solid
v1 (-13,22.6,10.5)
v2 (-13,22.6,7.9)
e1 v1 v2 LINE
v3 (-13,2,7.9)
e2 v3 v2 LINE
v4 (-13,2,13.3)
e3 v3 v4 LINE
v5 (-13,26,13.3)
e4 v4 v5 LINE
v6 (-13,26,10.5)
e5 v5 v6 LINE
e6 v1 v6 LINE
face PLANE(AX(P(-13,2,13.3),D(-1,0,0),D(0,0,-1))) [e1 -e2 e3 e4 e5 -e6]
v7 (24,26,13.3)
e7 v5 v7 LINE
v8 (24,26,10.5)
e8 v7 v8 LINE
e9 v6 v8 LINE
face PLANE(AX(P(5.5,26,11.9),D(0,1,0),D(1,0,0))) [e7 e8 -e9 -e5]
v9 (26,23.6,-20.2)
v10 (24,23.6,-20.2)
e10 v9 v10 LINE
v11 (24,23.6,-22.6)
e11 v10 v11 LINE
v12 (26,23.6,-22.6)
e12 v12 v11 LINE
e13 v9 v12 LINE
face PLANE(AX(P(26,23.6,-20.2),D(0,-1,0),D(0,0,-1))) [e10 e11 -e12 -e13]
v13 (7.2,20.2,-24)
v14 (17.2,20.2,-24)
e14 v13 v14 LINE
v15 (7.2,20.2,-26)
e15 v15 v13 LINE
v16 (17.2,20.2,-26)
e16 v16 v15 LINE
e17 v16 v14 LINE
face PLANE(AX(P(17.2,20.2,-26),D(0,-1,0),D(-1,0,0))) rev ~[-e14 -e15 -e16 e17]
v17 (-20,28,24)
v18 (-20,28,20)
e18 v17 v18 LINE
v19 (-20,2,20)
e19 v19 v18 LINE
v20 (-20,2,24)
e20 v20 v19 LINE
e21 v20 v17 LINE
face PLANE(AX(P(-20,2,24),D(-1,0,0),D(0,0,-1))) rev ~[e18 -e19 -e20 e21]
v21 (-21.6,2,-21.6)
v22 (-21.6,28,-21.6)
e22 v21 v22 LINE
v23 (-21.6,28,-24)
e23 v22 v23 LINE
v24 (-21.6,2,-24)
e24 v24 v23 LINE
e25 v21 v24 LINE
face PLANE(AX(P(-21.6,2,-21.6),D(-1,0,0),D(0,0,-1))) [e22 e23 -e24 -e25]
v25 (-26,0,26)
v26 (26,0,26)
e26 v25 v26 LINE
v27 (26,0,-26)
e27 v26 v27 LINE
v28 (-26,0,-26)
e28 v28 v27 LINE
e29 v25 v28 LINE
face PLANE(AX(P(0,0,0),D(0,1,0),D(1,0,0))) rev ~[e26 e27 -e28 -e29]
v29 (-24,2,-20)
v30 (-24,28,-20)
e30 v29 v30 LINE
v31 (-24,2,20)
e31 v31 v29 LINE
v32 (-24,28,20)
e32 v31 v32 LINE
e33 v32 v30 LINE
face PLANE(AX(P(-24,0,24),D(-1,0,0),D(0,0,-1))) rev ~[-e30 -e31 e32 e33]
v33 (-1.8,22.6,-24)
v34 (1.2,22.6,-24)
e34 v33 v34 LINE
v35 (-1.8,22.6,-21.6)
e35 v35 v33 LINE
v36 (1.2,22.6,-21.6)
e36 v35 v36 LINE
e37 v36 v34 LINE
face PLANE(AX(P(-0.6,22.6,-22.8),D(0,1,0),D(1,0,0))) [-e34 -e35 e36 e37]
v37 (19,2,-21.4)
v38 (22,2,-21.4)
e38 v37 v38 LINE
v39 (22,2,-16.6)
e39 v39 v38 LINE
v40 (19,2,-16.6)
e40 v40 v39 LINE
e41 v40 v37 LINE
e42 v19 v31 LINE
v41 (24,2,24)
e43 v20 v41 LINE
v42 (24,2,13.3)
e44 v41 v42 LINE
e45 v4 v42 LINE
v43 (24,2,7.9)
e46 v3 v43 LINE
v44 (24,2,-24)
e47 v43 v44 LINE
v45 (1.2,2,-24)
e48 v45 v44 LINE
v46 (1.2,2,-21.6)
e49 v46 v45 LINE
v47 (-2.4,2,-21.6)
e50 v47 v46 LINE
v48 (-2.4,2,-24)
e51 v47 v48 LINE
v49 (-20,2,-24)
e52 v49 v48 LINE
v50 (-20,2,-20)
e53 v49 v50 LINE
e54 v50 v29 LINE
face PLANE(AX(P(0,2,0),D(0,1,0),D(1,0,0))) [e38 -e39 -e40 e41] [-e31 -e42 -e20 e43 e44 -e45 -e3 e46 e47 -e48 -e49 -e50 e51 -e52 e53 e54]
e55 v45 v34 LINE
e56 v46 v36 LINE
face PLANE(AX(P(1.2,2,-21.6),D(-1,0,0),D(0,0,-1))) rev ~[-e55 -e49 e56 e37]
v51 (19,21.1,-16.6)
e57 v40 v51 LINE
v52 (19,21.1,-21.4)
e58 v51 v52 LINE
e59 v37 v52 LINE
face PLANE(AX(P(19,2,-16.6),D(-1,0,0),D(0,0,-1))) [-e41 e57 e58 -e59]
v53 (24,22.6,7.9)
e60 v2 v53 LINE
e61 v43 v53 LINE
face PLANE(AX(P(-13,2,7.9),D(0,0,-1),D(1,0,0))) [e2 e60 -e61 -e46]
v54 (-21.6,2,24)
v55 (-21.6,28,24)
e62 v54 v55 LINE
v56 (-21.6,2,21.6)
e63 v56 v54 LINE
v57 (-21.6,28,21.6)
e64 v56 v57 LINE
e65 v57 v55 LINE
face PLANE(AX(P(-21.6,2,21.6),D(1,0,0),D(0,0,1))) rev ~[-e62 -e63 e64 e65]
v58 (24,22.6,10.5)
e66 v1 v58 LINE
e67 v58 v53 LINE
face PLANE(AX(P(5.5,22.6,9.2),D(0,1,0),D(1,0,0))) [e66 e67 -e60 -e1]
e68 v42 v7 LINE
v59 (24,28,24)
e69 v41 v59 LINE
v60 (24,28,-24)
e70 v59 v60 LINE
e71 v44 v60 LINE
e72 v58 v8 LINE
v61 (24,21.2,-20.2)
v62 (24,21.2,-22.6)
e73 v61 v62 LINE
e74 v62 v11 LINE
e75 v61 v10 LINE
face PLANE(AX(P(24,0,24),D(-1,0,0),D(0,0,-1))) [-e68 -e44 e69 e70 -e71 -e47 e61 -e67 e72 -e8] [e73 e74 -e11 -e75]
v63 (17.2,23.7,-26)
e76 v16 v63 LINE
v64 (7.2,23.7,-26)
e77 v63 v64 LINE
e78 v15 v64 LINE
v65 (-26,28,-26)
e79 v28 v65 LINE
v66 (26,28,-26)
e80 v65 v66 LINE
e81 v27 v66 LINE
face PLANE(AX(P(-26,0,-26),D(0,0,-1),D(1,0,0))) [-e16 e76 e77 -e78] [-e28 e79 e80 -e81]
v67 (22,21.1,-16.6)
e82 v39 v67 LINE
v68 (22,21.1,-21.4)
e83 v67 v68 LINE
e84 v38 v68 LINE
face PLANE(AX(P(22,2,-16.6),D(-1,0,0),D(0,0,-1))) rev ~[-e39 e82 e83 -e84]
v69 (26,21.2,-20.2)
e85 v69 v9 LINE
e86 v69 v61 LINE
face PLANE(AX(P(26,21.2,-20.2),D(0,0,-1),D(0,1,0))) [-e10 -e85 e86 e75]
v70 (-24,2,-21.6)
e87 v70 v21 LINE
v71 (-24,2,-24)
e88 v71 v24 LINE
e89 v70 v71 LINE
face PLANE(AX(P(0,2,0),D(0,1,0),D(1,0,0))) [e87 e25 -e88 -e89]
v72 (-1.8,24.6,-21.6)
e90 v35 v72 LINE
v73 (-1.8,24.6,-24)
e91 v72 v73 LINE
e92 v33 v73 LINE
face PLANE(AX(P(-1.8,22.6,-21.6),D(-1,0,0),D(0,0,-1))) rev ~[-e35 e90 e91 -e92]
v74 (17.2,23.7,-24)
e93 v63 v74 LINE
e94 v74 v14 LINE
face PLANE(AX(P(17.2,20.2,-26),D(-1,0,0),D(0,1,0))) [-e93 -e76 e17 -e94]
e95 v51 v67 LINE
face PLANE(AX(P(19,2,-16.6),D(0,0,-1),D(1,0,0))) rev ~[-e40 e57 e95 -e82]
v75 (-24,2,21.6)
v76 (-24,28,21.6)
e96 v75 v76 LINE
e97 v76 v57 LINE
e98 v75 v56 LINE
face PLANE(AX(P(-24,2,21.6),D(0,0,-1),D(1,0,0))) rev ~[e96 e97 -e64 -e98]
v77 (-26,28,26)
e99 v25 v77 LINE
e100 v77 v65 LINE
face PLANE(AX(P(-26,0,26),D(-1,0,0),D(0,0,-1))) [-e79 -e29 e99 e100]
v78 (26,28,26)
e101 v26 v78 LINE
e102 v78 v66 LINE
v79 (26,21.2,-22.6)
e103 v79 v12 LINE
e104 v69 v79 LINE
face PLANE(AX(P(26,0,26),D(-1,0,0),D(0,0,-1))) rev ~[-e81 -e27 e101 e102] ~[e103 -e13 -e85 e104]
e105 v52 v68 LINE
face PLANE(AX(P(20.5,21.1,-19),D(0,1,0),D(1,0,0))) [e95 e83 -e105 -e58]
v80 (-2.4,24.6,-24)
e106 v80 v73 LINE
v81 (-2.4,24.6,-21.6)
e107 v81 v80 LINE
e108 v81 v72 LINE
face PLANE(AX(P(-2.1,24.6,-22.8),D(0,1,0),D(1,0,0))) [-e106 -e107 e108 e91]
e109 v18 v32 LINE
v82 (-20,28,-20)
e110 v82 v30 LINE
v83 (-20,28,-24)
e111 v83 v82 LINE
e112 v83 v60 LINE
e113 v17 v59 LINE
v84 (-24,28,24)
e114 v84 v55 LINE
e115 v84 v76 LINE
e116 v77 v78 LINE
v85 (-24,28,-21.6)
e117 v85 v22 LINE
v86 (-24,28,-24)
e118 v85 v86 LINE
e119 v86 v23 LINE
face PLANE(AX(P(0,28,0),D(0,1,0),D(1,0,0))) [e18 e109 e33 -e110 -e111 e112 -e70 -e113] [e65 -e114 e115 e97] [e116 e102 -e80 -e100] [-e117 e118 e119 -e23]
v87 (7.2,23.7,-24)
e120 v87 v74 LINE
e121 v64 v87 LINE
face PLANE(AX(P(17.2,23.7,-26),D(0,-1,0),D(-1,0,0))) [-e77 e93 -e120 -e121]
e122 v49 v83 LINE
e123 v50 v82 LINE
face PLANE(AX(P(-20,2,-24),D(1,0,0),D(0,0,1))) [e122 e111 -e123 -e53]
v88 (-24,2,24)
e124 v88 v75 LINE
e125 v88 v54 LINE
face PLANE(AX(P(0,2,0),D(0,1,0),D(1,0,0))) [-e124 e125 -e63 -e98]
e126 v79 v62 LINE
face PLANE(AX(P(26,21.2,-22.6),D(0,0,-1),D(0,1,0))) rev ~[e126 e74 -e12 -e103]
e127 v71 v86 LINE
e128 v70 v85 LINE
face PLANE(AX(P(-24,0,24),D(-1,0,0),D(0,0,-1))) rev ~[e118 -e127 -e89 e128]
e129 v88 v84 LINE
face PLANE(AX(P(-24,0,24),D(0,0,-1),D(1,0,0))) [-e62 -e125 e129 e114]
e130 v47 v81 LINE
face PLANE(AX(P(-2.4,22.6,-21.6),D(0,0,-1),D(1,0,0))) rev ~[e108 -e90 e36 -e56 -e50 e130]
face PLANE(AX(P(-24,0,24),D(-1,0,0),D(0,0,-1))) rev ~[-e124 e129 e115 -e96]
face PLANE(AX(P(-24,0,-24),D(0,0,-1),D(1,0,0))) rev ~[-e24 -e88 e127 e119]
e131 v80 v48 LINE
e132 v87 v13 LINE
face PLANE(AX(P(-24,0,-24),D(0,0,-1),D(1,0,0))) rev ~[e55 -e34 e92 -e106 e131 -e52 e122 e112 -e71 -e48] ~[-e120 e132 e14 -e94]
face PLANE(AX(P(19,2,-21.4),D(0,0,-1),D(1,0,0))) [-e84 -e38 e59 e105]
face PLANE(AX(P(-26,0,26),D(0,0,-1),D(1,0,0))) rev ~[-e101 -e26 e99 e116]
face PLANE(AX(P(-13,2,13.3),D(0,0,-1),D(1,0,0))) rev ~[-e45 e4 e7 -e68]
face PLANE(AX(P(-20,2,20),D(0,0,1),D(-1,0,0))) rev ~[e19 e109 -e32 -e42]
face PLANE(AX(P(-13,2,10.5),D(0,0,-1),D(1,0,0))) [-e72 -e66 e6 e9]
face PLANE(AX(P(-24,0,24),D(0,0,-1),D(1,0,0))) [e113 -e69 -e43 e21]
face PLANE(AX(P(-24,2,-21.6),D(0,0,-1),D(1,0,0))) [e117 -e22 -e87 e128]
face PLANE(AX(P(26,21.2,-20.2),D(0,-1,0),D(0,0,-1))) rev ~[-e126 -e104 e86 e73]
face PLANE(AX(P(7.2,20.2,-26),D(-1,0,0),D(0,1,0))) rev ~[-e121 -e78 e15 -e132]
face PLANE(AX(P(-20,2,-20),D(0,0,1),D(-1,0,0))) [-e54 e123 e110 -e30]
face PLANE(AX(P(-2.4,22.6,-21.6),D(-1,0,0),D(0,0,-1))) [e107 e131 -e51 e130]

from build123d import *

# Parameters (mm, degrees)
SKIZZE1_W                         = 48
SKIZZE1_H                         = 48
AUFSATZ_LINEAR_AUSTRAGEN1_DEPTH   = 2
LINEAR_AUSTRAGEN_D_NN1_DEPTH      = 26
LINEAR_AUSTRAGEN_D_NN1_DEPTH_BACK = 2
SKIZZE2_W                         = 52
SKIZZE2_H                         = 52
SKIZZE2_W_2                       = 48
SKIZZE2_H_2                       = 48
SCHNITT_LINEAR_AUSTRAGEN1_REACH   = 66.529
SKIZZE4_W                         = 10
SKIZZE4_H                         = 3.5
SCHNITT_LINEAR_AUSTRAGEN2_REACH   = 66.529
SKIZZE5_W                         = 2.4
SKIZZE5_H                         = 2.4
SKIZZE6_W                         = 3
SKIZZE6_H                         = 4.8
AUFSATZ_LINEAR_AUSTRAGEN2_DEPTH   = 19.1
SKIZZE7_W                         = 3.6
SKIZZE7_H                         = 2.4
AUFSATZ_LINEAR_AUSTRAGEN3_DEPTH   = 20.6
SKIZZE8_W                         = 0.6
SKIZZE8_H                         = 2.4
AUFSATZ_LINEAR_AUSTRAGEN4_DEPTH   = 2
SKIZZE9_W                         = 37
SKIZZE9_H                         = 2.6
AUFSATZ_LINEAR_AUSTRAGEN5_DEPTH   = 20.6
AUFSATZ_LINEAR_AUSTRAGEN6_DEPTH   = 26
SKIZZE11_W                        = 37
SKIZZE11_H                        = 2.8
AUFSATZ_LINEAR_AUSTRAGEN7_DEPTH   = 24


with BuildPart() as part:
    # Skizze1 → Aufsatz-Linear austragen1 (new body)
    with BuildSketch(Plane(origin=(0, 0, 0), x_dir=(1, 0, 0), z_dir=(0, 1, 0))):
        Rectangle(SKIZZE1_W, SKIZZE1_H)
    extrude(amount=AUFSATZ_LINEAR_AUSTRAGEN1_DEPTH)

    # Skizze2 → Linear-Austragen-Dünn1 (add, two sides: drawn at the far end of the back side and taken through both)
    with BuildSketch(Plane(origin=(0, 2, 0), x_dir=(1, 0, 0), z_dir=(0, 1, 0)).offset(-LINEAR_AUSTRAGEN_D_NN1_DEPTH_BACK)):
        Rectangle(SKIZZE2_W, SKIZZE2_H)
        Rectangle(SKIZZE2_W_2, SKIZZE2_H_2, mode=Mode.SUBTRACT)
    extrude(amount=LINEAR_AUSTRAGEN_D_NN1_DEPTH + LINEAR_AUSTRAGEN_D_NN1_DEPTH_BACK)

    # Skizze4 → Schnitt-Linear austragen1 (cut, up to next)
    with BuildSketch(Plane(origin=(0, 0, -26), x_dir=(-1, 0, 0), z_dir=(0, 0, -1)), mode=Mode.PRIVATE) as schnitt_linear_austragen1_sk1:
        with Locations((-12.2, 21.95)):
            Rectangle(SKIZZE4_W, SKIZZE4_H)
    schnitt_linear_austragen1_tool1 = extrude(schnitt_linear_austragen1_sk1.sketch, amount=-SCHNITT_LINEAR_AUSTRAGEN1_REACH, mode=Mode.PRIVATE) & part.part
    add(schnitt_linear_austragen1_tool1.solids().sort_by_distance((12.2, 21.95, -26))[0], mode=Mode.SUBTRACT)

    # Skizze5 → Schnitt-Linear austragen2 (cut, up to next)
    with BuildSketch(Plane(origin=(26, 0, 0), x_dir=(0, 0, -1), z_dir=(1, 0, 0)), mode=Mode.PRIVATE) as schnitt_linear_austragen2_sk1:
        with Locations((21.4, 22.4)):
            Rectangle(SKIZZE5_W, SKIZZE5_H)
    schnitt_linear_austragen2_tool1 = extrude(schnitt_linear_austragen2_sk1.sketch, amount=-SCHNITT_LINEAR_AUSTRAGEN2_REACH, mode=Mode.PRIVATE) & part.part
    add(schnitt_linear_austragen2_tool1.solids().sort_by_distance((26, 22.4, -21.4))[0], mode=Mode.SUBTRACT)

    # Skizze6 → Aufsatz-Linear austragen2 (add)
    with BuildSketch(Plane(origin=(0, 2, 0), x_dir=(1, 0, 0), z_dir=(0, 1, 0))):
        with Locations((20.5, 19)):
            Rectangle(SKIZZE6_W, SKIZZE6_H)
    extrude(amount=AUFSATZ_LINEAR_AUSTRAGEN2_DEPTH)

    # Skizze7 → Aufsatz-Linear austragen3 (add)
    with BuildSketch(Plane(origin=(0, 2, 0), x_dir=(1, 0, 0), z_dir=(0, 1, 0))):
        with Locations((-0.6, 22.8)):
            Rectangle(SKIZZE7_W, SKIZZE7_H)
    extrude(amount=AUFSATZ_LINEAR_AUSTRAGEN3_DEPTH)

    # Skizze8 → Aufsatz-Linear austragen4 (add)
    with BuildSketch(Plane(origin=(0, 22.6, 0), x_dir=(1, 0, 0), z_dir=(0, 1, 0))):
        with Locations((-2.1, 22.8)):
            Rectangle(SKIZZE8_W, SKIZZE8_H)
    extrude(amount=AUFSATZ_LINEAR_AUSTRAGEN4_DEPTH)

    # Skizze9 → Aufsatz-Linear austragen5 (add)
    with BuildSketch(Plane(origin=(0, 2, 0), x_dir=(1, 0, 0), z_dir=(0, 1, 0))):
        with Locations((5.5, -9.2)):
            Rectangle(SKIZZE9_W, SKIZZE9_H)
    extrude(amount=AUFSATZ_LINEAR_AUSTRAGEN5_DEPTH)

    # Skizze10 → Aufsatz-Linear austragen6 (add)
    with BuildSketch(Plane(origin=(0, 2, 0), x_dir=(1, 0, 0), z_dir=(0, 1, 0))):
        Polygon((-24, 21.6), (-21.6, 21.6), (-21.6, 24), (-20, 24), (-20, 20), (-24, 20), align=None)
        Polygon((-24, -21.6), (-21.6, -21.6), (-21.6, -24), (-20, -24), (-20, -20), (-24, -20), align=None)
    extrude(amount=AUFSATZ_LINEAR_AUSTRAGEN6_DEPTH)

    # Skizze11 → Aufsatz-Linear austragen7 (add)
    with BuildSketch(Plane(origin=(0, 2, 0), x_dir=(1, 0, 0), z_dir=(0, 1, 0))):
        with Locations((5.5, -11.9)):
            Rectangle(SKIZZE11_W, SKIZZE11_H)
    extrude(amount=AUFSATZ_LINEAR_AUSTRAGEN7_DEPTH)


solid = part.part
